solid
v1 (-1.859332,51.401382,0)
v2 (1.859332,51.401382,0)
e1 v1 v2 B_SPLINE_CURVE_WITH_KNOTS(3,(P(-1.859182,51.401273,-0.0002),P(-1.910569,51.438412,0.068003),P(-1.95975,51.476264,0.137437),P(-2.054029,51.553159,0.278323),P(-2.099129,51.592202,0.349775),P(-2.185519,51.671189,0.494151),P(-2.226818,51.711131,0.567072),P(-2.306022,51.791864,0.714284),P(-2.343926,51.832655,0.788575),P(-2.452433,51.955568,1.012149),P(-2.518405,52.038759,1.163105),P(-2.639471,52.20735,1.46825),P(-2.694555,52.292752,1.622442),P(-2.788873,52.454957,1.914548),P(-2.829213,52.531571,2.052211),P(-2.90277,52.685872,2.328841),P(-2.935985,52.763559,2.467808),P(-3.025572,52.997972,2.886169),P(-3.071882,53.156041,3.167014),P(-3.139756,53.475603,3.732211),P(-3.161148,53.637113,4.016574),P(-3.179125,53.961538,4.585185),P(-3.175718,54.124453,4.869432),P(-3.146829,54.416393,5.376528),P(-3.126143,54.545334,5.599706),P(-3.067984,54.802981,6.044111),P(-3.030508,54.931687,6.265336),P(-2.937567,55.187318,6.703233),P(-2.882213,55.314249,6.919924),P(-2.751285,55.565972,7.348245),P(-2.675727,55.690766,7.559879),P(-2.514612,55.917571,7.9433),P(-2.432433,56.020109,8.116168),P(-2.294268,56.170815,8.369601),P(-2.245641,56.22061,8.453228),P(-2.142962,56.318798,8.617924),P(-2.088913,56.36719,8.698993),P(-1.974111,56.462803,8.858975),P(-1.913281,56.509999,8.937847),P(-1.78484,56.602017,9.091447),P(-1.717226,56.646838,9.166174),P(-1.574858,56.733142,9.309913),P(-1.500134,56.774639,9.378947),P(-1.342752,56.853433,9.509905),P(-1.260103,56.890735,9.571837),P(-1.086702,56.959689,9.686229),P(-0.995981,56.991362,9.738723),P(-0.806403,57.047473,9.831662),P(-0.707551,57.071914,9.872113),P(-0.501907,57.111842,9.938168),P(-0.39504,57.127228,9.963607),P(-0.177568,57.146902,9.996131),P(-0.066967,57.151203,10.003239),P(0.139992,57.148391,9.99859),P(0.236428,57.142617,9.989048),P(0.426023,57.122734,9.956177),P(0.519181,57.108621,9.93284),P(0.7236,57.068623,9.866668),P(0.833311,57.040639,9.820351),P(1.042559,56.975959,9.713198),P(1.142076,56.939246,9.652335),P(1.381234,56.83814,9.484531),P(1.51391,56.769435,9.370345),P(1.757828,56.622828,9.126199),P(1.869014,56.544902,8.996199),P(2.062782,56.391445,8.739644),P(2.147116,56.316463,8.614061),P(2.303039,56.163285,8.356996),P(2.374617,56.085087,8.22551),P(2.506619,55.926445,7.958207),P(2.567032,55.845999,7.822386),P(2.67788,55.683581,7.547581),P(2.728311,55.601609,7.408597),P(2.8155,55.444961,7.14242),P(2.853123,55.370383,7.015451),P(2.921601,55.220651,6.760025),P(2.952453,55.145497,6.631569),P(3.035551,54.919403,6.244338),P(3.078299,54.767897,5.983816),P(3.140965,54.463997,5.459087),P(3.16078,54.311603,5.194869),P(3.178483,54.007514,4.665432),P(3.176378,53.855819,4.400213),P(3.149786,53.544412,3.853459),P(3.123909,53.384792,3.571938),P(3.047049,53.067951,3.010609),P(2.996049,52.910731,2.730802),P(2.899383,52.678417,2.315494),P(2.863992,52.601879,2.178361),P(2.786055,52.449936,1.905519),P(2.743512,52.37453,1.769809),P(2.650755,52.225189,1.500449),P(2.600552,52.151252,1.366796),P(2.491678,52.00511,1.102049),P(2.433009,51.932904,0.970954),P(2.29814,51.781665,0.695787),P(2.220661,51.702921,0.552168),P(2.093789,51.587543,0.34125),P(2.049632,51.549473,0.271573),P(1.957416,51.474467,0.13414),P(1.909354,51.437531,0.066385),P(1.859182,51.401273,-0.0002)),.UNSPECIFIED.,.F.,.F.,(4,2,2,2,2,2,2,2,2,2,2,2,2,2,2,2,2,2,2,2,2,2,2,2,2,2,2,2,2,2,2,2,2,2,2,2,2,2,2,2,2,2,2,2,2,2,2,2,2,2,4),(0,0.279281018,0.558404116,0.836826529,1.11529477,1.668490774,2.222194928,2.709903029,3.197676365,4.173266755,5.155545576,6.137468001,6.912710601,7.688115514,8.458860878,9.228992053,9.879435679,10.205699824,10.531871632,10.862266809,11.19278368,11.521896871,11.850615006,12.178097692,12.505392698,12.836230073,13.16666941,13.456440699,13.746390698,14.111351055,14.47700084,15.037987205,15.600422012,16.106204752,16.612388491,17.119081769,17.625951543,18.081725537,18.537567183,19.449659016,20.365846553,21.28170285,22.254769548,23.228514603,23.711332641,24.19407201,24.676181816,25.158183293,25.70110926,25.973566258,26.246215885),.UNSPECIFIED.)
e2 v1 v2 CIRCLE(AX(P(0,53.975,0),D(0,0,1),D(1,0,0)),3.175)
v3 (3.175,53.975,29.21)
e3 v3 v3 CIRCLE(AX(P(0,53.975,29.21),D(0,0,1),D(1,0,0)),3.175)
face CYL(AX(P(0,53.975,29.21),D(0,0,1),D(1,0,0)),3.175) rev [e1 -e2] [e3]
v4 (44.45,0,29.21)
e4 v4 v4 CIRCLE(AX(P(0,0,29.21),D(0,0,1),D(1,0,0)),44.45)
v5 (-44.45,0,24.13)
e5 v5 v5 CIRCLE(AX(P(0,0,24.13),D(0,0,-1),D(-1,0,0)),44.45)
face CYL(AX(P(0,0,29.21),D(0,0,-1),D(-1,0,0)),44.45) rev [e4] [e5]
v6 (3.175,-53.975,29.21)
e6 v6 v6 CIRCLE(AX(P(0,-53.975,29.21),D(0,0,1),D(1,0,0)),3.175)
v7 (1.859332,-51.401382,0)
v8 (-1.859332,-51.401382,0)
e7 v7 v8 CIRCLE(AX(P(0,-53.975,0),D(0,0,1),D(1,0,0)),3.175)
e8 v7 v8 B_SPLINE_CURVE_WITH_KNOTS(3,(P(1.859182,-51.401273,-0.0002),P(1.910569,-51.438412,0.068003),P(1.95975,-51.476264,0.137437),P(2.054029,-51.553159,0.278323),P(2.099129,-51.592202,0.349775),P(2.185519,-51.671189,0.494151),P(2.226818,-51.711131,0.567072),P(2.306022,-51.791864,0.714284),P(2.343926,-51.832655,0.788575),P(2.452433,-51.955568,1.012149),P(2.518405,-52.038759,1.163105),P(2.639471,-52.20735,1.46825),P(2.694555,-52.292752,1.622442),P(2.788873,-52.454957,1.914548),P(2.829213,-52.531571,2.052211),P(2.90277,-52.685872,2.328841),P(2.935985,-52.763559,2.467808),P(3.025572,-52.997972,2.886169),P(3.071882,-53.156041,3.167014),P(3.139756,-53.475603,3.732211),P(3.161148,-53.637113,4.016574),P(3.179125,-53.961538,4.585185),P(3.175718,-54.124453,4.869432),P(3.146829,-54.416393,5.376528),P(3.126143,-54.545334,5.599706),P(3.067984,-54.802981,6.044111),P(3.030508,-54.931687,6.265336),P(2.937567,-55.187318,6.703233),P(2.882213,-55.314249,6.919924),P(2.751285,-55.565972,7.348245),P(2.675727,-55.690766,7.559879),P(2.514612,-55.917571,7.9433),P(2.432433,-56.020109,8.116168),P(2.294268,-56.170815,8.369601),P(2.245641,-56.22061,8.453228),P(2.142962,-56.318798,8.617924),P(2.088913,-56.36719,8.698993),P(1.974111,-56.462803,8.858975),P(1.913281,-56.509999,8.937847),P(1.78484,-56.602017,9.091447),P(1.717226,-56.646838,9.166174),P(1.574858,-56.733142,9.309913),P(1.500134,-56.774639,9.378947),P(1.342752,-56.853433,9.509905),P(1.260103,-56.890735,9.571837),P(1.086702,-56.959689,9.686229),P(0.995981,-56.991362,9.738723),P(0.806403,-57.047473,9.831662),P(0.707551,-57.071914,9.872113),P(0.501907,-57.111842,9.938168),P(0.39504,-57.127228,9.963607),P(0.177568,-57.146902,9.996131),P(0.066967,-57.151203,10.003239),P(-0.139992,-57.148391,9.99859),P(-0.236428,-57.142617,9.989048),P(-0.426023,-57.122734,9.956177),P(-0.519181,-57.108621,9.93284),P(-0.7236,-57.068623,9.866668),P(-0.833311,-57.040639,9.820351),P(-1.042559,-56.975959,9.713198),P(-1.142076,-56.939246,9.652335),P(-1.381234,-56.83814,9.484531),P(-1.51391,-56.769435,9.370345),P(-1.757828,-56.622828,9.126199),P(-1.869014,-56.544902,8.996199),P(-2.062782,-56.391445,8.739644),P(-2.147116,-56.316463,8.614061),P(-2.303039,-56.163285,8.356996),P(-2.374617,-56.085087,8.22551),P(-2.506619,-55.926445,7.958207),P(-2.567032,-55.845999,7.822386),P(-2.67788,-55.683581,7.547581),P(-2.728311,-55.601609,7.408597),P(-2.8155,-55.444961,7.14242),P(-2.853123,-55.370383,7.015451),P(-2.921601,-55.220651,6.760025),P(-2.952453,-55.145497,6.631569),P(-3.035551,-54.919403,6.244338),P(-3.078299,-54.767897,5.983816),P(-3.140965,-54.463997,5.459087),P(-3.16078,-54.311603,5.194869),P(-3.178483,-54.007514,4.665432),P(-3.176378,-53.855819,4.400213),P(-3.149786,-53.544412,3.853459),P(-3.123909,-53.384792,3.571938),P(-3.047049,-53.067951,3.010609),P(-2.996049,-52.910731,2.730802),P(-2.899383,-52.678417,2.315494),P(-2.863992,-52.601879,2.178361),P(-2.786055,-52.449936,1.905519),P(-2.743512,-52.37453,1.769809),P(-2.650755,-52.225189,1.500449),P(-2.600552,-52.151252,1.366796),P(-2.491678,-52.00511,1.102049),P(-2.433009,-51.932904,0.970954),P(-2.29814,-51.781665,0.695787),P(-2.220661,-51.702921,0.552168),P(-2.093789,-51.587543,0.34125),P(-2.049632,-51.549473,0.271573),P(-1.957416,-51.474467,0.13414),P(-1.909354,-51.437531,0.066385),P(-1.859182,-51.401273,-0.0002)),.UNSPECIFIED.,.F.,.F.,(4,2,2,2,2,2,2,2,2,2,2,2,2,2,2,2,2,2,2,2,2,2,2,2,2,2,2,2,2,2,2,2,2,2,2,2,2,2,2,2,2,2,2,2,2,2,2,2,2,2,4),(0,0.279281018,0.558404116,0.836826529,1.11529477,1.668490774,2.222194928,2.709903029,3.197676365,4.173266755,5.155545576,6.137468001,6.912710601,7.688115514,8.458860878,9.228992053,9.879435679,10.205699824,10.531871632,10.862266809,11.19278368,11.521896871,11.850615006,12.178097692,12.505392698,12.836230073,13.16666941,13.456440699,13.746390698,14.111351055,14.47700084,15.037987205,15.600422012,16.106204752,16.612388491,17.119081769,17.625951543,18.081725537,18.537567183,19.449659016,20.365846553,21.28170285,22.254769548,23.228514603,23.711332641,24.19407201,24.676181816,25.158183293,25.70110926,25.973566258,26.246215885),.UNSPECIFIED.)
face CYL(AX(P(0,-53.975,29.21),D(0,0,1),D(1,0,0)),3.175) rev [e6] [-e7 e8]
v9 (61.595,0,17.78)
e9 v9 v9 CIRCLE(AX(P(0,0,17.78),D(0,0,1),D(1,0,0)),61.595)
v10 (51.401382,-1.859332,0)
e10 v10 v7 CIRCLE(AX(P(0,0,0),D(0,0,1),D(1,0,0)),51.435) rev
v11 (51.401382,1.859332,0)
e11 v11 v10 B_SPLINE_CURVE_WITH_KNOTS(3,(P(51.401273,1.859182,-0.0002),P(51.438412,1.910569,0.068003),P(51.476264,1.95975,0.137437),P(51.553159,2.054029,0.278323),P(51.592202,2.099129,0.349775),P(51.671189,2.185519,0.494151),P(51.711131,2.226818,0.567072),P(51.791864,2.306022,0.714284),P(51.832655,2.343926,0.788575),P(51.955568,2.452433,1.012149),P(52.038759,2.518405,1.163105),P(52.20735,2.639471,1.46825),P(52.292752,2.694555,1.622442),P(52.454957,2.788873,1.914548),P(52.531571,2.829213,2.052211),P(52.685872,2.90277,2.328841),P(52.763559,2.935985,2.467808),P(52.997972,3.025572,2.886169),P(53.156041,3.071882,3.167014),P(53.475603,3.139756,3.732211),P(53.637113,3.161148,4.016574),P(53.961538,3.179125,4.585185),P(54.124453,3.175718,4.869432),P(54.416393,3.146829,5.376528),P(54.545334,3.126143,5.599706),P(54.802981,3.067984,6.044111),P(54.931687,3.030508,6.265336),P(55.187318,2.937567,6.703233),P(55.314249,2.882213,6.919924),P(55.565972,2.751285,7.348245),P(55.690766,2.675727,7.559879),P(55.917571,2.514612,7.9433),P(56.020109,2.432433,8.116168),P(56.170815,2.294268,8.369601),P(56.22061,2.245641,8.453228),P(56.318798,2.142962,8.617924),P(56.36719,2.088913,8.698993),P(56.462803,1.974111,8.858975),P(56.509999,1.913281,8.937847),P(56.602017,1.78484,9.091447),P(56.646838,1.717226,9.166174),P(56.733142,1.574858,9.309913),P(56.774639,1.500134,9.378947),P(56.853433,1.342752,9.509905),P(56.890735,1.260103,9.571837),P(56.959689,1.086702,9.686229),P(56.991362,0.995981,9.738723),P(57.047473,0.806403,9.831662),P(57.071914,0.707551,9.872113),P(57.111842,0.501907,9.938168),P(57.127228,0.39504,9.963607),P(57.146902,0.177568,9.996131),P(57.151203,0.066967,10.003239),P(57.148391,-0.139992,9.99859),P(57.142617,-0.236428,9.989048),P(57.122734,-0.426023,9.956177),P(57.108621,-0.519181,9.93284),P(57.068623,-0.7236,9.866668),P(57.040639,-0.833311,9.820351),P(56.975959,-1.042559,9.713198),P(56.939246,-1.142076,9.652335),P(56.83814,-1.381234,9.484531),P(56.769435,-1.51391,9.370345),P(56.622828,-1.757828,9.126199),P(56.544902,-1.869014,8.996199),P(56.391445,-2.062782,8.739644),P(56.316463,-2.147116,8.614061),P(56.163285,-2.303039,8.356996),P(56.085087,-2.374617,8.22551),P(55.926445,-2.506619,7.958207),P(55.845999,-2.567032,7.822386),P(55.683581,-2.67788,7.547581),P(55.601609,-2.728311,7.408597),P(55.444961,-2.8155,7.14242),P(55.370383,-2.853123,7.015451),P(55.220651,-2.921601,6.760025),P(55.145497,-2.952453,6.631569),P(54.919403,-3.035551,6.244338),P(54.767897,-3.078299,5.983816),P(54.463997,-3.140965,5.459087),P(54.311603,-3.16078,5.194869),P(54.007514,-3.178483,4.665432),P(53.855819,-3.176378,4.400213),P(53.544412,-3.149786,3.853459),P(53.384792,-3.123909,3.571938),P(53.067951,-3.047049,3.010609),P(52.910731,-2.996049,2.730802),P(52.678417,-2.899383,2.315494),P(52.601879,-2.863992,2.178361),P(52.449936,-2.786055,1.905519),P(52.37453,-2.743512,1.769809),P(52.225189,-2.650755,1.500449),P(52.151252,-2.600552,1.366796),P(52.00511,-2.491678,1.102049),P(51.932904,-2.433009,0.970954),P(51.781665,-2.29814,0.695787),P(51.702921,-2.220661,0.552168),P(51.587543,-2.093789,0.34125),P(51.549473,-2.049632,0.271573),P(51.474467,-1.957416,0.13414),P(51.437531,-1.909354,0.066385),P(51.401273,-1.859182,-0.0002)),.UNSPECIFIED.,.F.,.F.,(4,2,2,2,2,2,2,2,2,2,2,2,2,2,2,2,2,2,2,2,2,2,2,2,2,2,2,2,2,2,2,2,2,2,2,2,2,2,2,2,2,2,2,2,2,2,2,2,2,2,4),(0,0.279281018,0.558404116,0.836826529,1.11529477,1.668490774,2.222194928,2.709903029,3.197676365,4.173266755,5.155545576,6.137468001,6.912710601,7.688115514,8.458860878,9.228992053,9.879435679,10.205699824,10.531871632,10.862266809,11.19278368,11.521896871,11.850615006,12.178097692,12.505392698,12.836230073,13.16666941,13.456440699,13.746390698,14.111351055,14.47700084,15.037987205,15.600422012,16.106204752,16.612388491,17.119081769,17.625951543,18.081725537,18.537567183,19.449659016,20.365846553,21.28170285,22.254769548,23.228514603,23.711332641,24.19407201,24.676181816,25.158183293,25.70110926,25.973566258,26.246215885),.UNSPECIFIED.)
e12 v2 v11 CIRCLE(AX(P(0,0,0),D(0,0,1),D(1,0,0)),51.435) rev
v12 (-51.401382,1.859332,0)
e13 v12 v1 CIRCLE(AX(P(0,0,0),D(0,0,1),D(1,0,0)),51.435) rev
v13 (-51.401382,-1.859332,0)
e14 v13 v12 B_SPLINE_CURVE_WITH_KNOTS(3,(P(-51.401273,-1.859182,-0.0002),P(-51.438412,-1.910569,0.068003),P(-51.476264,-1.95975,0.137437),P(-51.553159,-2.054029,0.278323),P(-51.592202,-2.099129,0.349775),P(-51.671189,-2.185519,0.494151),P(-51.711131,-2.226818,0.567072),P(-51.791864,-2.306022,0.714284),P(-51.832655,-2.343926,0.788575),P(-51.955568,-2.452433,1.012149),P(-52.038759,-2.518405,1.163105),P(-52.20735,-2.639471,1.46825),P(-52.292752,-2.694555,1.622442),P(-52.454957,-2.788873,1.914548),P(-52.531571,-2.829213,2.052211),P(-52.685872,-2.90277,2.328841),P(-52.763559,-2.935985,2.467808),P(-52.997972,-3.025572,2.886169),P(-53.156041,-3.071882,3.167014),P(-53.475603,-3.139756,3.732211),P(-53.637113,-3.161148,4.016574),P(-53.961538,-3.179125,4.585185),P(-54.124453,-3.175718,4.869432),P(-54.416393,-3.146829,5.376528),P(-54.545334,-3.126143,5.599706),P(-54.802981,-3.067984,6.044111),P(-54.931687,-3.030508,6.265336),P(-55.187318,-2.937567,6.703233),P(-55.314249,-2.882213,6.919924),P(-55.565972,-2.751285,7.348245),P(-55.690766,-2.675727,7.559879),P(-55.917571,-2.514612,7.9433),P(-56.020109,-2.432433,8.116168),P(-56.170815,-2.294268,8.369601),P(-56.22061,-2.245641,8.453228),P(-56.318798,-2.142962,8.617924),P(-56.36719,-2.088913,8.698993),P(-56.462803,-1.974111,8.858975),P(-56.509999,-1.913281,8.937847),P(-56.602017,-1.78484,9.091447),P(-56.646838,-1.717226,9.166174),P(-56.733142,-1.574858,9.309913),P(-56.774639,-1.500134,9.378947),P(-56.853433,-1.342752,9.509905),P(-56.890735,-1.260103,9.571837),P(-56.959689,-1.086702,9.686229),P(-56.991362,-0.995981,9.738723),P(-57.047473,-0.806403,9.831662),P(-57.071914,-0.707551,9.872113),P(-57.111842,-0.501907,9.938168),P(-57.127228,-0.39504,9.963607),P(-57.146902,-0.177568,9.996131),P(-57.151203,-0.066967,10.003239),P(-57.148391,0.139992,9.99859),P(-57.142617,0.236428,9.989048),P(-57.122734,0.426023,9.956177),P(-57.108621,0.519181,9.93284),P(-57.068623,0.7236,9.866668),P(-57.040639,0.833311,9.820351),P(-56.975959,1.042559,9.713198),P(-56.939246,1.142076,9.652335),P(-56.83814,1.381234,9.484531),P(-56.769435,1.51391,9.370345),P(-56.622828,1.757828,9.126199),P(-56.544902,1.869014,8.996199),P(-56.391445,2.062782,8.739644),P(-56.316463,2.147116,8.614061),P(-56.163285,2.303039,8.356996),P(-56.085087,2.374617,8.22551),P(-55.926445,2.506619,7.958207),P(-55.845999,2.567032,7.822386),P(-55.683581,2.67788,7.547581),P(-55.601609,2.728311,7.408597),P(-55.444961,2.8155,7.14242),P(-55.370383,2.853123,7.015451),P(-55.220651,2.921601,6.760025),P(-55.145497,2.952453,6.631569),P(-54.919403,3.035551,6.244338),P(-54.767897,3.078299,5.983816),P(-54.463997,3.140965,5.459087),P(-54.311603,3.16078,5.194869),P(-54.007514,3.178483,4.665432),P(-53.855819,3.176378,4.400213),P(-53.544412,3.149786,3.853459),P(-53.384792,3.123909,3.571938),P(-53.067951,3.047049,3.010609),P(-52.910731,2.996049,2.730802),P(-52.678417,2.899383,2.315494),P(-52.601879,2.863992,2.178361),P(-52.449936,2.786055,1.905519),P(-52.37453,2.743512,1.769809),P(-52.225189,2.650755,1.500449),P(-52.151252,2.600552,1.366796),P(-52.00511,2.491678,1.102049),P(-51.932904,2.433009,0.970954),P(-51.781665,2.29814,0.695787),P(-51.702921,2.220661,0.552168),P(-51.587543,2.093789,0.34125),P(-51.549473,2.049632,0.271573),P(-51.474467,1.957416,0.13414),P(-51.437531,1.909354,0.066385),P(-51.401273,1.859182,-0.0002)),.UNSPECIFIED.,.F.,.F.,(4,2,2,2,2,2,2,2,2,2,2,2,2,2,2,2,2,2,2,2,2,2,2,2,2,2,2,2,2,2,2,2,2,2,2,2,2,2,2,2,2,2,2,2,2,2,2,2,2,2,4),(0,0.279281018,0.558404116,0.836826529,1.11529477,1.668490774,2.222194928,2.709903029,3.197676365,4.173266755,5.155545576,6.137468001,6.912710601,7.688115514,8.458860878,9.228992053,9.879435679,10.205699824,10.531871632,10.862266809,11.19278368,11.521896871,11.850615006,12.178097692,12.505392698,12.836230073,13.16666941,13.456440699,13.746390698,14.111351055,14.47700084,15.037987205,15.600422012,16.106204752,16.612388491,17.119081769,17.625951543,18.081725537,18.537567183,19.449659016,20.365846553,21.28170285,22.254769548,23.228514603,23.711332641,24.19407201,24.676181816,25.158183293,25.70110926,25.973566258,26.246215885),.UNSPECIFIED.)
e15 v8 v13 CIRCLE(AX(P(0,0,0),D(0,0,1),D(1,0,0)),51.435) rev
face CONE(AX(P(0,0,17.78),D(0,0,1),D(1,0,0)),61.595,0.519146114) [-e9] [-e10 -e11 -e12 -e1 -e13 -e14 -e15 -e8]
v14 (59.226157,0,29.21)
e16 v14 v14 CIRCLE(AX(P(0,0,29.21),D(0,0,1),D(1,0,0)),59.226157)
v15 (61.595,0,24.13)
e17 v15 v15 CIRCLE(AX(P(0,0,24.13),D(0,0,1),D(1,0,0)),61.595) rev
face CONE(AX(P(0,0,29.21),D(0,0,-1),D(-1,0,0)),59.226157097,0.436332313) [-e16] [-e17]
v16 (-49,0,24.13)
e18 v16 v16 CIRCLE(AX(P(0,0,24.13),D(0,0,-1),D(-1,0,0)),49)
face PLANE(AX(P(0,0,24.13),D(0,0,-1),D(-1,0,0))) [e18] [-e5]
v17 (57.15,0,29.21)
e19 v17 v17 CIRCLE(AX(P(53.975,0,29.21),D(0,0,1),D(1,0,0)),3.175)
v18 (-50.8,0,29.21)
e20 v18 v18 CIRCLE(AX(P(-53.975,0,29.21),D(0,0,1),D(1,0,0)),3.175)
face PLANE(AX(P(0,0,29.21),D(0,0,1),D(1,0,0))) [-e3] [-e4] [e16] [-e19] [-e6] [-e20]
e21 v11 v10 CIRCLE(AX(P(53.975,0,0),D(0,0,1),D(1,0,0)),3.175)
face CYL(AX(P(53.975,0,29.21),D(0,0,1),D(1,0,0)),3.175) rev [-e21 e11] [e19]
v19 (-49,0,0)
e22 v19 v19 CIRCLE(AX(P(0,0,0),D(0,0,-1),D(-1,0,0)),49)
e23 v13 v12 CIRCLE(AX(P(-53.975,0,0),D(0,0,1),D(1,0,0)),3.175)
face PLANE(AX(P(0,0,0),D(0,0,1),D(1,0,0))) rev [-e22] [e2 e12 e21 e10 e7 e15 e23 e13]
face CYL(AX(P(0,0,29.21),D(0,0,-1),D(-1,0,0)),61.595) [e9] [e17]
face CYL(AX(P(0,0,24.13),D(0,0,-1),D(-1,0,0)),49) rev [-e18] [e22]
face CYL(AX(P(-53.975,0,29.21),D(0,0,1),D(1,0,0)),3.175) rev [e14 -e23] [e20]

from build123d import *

# Parameters (mm, degrees)
SKETCH1_R                   = 61.595
SKETCH1_R_2                 = 44.45
EXTRUDE1_DEPTH              = 29.21
SKETCH2_R                   = 49
EXTRUDE2_DEPTH              = 24.13
CHAMFER2_SIZE               = 10.16
CHAMFER2_SIZE2              = 17.78
F_1_4_0_25_DIAMETER_HOLE1_D = 6.35
CIRPATTERN1_COUNT           = 4
CHAMFER1_SIZE               = 5.08
CHAMFER1_SIZE2              = 2.368842903


with BuildPart() as part:
    # Sketch1 → Extrude1 (new body)
    with BuildSketch(Plane.XY):
        Circle(SKETCH1_R)
        Circle(SKETCH1_R_2, mode=Mode.SUBTRACT)
    extrude(amount=EXTRUDE1_DEPTH)

    # Sketch2 → Extrude2 (cut)
    with BuildSketch(Plane(origin=(0, 0, 0), x_dir=(-1, 0, 0), z_dir=(0, 0, -1))):
        Circle(SKETCH2_R)
    extrude(amount=-EXTRUDE2_DEPTH, mode=Mode.SUBTRACT)

    # Chamfer2
    chamfer2_edges = [part.edges().sort_by_distance(p)[0] for p in [
        (-61.595, 0, 0),
    ]]
    chamfer2_side = [part.faces().sort_by_distance(p)[0] for p in [
        (-59.852830313, 0, 0),
    ]]
    chamfer(chamfer2_edges, length=CHAMFER2_SIZE, length2=CHAMFER2_SIZE2, reference=chamfer2_side[0])

    # 1/4 (0.25) Diameter Hole1 (through all)
    with Locations(Plane.XY.offset(29.21)):
        with Locations((0, 53.975)):
            f_1_4_0_25_diameter_hole1 = Hole(F_1_4_0_25_DIAMETER_HOLE1_D / 2)

    # CirPattern1: 1/4 (0.25) Diameter Hole1 ×4 about axis
    cirpattern1_axis = Axis((0, 0, 0), (0, 0, 1))
    for i in range(1, CIRPATTERN1_COUNT):
        add(f_1_4_0_25_diameter_hole1.rotate(cirpattern1_axis, i * 360 / CIRPATTERN1_COUNT), mode=Mode.SUBTRACT)

    # Chamfer1
    chamfer1_edges = [part.edges().sort_by_distance(p)[0] for p in [
        (-61.595, 0, 29.21),
    ]]
    chamfer1_side = [part.faces().sort_by_distance(p)[0] for p in [
        (-61.595, 0, 23.495),
    ]]
    chamfer(chamfer1_edges, length=CHAMFER1_SIZE, length2=CHAMFER1_SIZE2, reference=chamfer1_side[0])


solid = part.part
